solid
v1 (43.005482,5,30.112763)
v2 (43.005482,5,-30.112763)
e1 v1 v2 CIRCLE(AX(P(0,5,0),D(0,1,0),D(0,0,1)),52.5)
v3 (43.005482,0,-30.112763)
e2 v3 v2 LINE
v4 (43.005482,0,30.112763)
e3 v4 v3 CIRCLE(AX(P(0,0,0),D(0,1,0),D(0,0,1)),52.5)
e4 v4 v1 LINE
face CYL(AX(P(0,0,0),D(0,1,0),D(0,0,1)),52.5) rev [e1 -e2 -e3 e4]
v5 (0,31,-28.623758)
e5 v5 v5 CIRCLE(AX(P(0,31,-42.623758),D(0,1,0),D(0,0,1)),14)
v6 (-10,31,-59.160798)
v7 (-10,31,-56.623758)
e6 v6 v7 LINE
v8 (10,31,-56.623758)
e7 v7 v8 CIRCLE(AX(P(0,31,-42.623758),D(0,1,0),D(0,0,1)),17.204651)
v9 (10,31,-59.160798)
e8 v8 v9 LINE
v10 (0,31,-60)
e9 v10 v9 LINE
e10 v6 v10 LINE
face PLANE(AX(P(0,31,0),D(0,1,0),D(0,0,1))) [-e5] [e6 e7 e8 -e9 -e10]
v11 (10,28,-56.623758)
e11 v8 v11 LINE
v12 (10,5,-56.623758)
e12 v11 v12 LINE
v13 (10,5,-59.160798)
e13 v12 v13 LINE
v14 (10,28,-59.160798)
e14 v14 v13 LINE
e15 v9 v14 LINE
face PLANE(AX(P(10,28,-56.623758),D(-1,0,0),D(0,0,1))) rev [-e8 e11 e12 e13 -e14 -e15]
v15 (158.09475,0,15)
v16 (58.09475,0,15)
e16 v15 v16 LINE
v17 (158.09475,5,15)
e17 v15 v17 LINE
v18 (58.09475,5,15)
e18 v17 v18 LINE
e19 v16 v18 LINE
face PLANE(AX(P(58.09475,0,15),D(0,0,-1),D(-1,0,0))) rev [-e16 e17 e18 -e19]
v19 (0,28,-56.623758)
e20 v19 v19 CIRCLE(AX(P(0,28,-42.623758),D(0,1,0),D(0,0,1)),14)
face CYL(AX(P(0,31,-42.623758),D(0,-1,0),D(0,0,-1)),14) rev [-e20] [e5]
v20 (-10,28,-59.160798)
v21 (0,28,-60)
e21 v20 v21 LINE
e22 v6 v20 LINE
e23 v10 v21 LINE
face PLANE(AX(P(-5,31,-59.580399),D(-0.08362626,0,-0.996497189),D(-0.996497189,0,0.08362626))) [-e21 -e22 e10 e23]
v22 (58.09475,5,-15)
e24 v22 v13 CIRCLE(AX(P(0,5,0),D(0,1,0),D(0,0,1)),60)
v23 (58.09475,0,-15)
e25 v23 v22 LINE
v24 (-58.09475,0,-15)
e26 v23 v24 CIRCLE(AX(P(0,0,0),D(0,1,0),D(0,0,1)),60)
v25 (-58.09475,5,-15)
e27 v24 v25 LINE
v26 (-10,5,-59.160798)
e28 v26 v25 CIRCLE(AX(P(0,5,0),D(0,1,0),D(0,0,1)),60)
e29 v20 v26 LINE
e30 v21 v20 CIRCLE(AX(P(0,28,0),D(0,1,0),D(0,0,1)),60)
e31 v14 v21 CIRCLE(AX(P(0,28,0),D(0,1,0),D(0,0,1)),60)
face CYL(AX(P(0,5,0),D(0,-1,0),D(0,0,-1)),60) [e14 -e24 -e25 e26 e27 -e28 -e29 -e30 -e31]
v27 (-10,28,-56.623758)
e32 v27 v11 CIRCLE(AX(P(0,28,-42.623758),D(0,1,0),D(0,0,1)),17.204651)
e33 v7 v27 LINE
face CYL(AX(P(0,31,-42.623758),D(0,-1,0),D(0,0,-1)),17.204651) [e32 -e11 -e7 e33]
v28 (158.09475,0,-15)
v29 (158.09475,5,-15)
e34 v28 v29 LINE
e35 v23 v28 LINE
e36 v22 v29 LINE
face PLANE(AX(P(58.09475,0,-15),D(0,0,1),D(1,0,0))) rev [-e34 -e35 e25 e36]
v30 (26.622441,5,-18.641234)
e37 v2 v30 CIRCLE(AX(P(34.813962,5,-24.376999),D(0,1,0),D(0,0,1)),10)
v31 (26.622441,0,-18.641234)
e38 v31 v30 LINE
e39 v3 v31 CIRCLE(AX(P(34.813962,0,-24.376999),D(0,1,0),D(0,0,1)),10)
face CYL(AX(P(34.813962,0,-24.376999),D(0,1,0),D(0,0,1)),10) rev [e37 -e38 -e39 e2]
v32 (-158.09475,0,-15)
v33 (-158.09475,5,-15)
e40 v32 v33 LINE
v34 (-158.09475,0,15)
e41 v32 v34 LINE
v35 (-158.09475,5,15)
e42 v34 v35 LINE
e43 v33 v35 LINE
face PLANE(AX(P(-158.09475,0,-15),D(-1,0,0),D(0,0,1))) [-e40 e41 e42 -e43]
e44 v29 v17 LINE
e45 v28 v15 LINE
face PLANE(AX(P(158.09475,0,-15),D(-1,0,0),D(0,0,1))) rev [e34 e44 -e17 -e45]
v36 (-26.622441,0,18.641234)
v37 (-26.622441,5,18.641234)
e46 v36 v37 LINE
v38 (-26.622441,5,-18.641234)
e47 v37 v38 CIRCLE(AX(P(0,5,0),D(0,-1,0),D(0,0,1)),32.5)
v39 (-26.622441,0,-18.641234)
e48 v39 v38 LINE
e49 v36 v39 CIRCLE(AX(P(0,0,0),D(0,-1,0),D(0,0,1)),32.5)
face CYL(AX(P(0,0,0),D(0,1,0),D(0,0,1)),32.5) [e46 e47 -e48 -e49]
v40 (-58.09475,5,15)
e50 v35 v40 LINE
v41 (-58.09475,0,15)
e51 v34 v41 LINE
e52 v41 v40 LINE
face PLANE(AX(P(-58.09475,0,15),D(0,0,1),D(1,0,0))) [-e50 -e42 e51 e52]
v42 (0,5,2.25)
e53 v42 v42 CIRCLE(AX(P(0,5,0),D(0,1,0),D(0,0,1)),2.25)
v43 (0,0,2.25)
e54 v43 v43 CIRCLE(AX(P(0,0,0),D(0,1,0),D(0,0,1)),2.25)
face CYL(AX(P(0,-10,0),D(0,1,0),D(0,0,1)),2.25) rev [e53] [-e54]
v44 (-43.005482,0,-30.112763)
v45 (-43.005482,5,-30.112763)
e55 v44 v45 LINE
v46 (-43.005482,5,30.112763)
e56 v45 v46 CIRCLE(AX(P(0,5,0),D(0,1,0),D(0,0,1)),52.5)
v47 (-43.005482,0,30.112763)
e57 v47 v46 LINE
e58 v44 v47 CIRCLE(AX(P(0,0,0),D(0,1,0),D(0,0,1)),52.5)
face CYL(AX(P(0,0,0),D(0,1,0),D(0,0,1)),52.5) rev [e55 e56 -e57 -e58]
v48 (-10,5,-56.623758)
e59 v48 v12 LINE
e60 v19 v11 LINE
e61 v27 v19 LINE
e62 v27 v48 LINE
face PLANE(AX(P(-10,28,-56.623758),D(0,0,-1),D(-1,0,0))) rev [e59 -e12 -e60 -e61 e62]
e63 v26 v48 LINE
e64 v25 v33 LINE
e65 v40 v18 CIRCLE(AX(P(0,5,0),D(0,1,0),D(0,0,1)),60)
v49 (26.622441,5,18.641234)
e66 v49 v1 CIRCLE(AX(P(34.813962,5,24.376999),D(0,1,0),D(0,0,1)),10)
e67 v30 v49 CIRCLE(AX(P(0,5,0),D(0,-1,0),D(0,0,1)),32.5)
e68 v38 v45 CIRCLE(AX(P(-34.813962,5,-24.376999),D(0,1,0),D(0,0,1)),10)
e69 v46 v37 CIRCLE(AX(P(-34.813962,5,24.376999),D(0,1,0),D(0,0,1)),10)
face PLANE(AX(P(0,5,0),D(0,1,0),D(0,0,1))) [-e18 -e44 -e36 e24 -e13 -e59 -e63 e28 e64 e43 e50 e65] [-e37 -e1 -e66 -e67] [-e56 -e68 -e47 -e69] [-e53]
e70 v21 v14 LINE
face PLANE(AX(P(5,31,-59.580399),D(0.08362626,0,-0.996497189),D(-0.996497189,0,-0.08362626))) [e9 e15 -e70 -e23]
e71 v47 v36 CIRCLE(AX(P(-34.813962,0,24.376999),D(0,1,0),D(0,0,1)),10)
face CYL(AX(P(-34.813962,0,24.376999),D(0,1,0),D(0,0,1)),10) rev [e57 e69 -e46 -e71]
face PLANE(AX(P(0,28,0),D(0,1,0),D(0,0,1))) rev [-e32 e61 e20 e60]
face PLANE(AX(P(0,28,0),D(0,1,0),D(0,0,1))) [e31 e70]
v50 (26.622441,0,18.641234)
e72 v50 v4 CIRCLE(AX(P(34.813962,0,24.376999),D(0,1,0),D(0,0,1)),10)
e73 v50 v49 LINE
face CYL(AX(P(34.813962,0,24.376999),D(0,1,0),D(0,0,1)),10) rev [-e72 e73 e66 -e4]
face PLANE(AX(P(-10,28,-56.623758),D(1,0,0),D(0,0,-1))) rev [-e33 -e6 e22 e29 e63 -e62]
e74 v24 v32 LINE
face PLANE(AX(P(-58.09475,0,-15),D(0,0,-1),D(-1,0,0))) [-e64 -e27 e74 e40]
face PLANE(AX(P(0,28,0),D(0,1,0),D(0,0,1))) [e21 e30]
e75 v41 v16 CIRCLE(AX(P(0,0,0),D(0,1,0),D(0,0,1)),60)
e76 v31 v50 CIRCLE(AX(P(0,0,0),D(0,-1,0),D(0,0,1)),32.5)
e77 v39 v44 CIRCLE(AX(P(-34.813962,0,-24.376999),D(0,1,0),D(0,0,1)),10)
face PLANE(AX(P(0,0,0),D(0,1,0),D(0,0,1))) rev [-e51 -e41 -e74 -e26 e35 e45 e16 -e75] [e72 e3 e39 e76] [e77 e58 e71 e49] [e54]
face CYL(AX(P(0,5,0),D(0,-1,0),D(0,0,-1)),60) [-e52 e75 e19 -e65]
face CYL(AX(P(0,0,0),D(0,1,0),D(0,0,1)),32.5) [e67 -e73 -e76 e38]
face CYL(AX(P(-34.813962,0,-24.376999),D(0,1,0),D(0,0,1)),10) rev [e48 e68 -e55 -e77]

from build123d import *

# Parameters (mm, degrees)
SKETCH1_R           = 60
BOSS_EXTRUDE1_DEPTH = 5
CUT_EXTRUDE1_DEPTH  = 5
BOSS_EXTRUDE2_DEPTH = 23
SKETCH4_R           = 2.25
CUT_EXTRUDE2_DEPTH  = 15
BOSS_EXTRUDE3_START = -5
BOSS_EXTRUDE3_DEPTH = 5
SKETCH10_R          = 14
BOSS_EXTRUDE6_DEPTH = 3


with BuildPart() as part:
    # Sketch1 → Boss-Extrude1 (new body)
    with BuildSketch(Plane(origin=(0, 0, 0), x_dir=(1, 0, 0), z_dir=(0, 1, 0))):
        with Locations(Location((0, 0, 0), (0, 0, 270))):
            Circle(SKETCH1_R)
    extrude(amount=BOSS_EXTRUDE1_DEPTH)

    # Sketch2 → Cut-Extrude1 (cut)
    with BuildSketch(Plane(origin=(0, 5, 0), x_dir=(1, 0, 0), z_dir=(0, 1, 0))):
        with BuildLine():
            ThreePointArc((-43.005482325, 30.112762908), (-52.5, 0), (-43.005482325, -30.112762908))
            ThreePointArc((-43.005482325, -30.112762908), (-29.078197519, -32.568518988), (-26.622441439, -18.641234181))
            ThreePointArc((-26.622441439, -18.641234181), (-32.5, 0), (-26.622441439, 18.641234181))
            ThreePointArc((-26.622441439, 18.641234181), (-29.078197519, 32.568518988), (-43.005482325, 30.112762908))
        make_face()
        with BuildLine():
            ThreePointArc((43.005482325, 30.112762908), (29.078197519, 32.568518988), (26.622441439, 18.641234181))
            ThreePointArc((26.622441439, 18.641234181), (32.5, 0), (26.622441439, -18.641234181))
            ThreePointArc((26.622441439, -18.641234181), (29.078197519, -32.568518988), (43.005482325, -30.112762908))
            ThreePointArc((43.005482325, -30.112762908), (52.5, 0), (43.005482325, 30.112762908))
        make_face()
    extrude(amount=-CUT_EXTRUDE1_DEPTH, mode=Mode.SUBTRACT)

    # Sketch3 → Boss-Extrude2 (add)
    with BuildSketch(Plane(origin=(0, 5, 0), x_dir=(1, 0, 0), z_dir=(0, 1, 0))):
        with BuildLine():
            Line((10, 56.623758265), (10, 59.160797831))
            ThreePointArc((10, 59.160797831), (0, 60), (-10, 59.160797831))
            Line((-10, 59.160797831), (-10, 56.623758265))
            Line((-10, 56.623758265), (10, 56.623758265))
        make_face()
    extrude(amount=BOSS_EXTRUDE2_DEPTH)

    # Sketch4 → Cut-Extrude2 (cut)
    with BuildSketch(Plane(origin=(0, 5, 0), x_dir=(1, 0, 0), z_dir=(0, 1, 0))):
        with Locations(Location((0, 0, 0), (0, 0, 270))):
            Circle(SKETCH4_R)
    extrude(amount=-CUT_EXTRUDE2_DEPTH, mode=Mode.SUBTRACT)

    # Sketch5 → Boss-Extrude3 (add)
    with BuildSketch(Plane(origin=(0, 5, 0), x_dir=(1, 0, 0), z_dir=(0, 1, 0)).offset(BOSS_EXTRUDE3_START)):
        with BuildLine():
            Line((-58.094750193, 15), (-158.094750193, 15))
            Line((-158.094750193, 15), (-158.094750193, -15))
            Line((-158.094750193, -15), (-58.094750193, -15))
            ThreePointArc((-58.094750193, -15), (-60, 0), (-58.094750193, 15))
        make_face()
    boss_extrude3 = extrude(amount=BOSS_EXTRUDE3_DEPTH)

    # Mirror1: Boss-Extrude3 across plane
    add(boss_extrude3.mirror(Plane(origin=(0, 0, 0), x_dir=(0, 0, 1), z_dir=(1, 0, 0))))

    # Sketch10 → Boss-Extrude6 (add)
    with BuildSketch(Plane(origin=(0, 28, 0), x_dir=(1, 0, 0), z_dir=(0, 1, 0))):
        with BuildLine():
            Line((-10, 59.160797831), (-10, 56.623758265))
            ThreePointArc((-10, 56.623758265), (0, 25.41910773), (10, 56.623758265))
            Line((10, 56.623758265), (10, 59.160797831))
            Line((10, 59.160797831), (0, 60))
            Line((0, 60), (-10, 59.160797831))
        make_face()
        with Locations(Location((0, 42.623758265, 0), (0, 0, 90))):
            Circle(SKETCH10_R, mode=Mode.SUBTRACT)
    extrude(amount=BOSS_EXTRUDE6_DEPTH)


solid = part.part
